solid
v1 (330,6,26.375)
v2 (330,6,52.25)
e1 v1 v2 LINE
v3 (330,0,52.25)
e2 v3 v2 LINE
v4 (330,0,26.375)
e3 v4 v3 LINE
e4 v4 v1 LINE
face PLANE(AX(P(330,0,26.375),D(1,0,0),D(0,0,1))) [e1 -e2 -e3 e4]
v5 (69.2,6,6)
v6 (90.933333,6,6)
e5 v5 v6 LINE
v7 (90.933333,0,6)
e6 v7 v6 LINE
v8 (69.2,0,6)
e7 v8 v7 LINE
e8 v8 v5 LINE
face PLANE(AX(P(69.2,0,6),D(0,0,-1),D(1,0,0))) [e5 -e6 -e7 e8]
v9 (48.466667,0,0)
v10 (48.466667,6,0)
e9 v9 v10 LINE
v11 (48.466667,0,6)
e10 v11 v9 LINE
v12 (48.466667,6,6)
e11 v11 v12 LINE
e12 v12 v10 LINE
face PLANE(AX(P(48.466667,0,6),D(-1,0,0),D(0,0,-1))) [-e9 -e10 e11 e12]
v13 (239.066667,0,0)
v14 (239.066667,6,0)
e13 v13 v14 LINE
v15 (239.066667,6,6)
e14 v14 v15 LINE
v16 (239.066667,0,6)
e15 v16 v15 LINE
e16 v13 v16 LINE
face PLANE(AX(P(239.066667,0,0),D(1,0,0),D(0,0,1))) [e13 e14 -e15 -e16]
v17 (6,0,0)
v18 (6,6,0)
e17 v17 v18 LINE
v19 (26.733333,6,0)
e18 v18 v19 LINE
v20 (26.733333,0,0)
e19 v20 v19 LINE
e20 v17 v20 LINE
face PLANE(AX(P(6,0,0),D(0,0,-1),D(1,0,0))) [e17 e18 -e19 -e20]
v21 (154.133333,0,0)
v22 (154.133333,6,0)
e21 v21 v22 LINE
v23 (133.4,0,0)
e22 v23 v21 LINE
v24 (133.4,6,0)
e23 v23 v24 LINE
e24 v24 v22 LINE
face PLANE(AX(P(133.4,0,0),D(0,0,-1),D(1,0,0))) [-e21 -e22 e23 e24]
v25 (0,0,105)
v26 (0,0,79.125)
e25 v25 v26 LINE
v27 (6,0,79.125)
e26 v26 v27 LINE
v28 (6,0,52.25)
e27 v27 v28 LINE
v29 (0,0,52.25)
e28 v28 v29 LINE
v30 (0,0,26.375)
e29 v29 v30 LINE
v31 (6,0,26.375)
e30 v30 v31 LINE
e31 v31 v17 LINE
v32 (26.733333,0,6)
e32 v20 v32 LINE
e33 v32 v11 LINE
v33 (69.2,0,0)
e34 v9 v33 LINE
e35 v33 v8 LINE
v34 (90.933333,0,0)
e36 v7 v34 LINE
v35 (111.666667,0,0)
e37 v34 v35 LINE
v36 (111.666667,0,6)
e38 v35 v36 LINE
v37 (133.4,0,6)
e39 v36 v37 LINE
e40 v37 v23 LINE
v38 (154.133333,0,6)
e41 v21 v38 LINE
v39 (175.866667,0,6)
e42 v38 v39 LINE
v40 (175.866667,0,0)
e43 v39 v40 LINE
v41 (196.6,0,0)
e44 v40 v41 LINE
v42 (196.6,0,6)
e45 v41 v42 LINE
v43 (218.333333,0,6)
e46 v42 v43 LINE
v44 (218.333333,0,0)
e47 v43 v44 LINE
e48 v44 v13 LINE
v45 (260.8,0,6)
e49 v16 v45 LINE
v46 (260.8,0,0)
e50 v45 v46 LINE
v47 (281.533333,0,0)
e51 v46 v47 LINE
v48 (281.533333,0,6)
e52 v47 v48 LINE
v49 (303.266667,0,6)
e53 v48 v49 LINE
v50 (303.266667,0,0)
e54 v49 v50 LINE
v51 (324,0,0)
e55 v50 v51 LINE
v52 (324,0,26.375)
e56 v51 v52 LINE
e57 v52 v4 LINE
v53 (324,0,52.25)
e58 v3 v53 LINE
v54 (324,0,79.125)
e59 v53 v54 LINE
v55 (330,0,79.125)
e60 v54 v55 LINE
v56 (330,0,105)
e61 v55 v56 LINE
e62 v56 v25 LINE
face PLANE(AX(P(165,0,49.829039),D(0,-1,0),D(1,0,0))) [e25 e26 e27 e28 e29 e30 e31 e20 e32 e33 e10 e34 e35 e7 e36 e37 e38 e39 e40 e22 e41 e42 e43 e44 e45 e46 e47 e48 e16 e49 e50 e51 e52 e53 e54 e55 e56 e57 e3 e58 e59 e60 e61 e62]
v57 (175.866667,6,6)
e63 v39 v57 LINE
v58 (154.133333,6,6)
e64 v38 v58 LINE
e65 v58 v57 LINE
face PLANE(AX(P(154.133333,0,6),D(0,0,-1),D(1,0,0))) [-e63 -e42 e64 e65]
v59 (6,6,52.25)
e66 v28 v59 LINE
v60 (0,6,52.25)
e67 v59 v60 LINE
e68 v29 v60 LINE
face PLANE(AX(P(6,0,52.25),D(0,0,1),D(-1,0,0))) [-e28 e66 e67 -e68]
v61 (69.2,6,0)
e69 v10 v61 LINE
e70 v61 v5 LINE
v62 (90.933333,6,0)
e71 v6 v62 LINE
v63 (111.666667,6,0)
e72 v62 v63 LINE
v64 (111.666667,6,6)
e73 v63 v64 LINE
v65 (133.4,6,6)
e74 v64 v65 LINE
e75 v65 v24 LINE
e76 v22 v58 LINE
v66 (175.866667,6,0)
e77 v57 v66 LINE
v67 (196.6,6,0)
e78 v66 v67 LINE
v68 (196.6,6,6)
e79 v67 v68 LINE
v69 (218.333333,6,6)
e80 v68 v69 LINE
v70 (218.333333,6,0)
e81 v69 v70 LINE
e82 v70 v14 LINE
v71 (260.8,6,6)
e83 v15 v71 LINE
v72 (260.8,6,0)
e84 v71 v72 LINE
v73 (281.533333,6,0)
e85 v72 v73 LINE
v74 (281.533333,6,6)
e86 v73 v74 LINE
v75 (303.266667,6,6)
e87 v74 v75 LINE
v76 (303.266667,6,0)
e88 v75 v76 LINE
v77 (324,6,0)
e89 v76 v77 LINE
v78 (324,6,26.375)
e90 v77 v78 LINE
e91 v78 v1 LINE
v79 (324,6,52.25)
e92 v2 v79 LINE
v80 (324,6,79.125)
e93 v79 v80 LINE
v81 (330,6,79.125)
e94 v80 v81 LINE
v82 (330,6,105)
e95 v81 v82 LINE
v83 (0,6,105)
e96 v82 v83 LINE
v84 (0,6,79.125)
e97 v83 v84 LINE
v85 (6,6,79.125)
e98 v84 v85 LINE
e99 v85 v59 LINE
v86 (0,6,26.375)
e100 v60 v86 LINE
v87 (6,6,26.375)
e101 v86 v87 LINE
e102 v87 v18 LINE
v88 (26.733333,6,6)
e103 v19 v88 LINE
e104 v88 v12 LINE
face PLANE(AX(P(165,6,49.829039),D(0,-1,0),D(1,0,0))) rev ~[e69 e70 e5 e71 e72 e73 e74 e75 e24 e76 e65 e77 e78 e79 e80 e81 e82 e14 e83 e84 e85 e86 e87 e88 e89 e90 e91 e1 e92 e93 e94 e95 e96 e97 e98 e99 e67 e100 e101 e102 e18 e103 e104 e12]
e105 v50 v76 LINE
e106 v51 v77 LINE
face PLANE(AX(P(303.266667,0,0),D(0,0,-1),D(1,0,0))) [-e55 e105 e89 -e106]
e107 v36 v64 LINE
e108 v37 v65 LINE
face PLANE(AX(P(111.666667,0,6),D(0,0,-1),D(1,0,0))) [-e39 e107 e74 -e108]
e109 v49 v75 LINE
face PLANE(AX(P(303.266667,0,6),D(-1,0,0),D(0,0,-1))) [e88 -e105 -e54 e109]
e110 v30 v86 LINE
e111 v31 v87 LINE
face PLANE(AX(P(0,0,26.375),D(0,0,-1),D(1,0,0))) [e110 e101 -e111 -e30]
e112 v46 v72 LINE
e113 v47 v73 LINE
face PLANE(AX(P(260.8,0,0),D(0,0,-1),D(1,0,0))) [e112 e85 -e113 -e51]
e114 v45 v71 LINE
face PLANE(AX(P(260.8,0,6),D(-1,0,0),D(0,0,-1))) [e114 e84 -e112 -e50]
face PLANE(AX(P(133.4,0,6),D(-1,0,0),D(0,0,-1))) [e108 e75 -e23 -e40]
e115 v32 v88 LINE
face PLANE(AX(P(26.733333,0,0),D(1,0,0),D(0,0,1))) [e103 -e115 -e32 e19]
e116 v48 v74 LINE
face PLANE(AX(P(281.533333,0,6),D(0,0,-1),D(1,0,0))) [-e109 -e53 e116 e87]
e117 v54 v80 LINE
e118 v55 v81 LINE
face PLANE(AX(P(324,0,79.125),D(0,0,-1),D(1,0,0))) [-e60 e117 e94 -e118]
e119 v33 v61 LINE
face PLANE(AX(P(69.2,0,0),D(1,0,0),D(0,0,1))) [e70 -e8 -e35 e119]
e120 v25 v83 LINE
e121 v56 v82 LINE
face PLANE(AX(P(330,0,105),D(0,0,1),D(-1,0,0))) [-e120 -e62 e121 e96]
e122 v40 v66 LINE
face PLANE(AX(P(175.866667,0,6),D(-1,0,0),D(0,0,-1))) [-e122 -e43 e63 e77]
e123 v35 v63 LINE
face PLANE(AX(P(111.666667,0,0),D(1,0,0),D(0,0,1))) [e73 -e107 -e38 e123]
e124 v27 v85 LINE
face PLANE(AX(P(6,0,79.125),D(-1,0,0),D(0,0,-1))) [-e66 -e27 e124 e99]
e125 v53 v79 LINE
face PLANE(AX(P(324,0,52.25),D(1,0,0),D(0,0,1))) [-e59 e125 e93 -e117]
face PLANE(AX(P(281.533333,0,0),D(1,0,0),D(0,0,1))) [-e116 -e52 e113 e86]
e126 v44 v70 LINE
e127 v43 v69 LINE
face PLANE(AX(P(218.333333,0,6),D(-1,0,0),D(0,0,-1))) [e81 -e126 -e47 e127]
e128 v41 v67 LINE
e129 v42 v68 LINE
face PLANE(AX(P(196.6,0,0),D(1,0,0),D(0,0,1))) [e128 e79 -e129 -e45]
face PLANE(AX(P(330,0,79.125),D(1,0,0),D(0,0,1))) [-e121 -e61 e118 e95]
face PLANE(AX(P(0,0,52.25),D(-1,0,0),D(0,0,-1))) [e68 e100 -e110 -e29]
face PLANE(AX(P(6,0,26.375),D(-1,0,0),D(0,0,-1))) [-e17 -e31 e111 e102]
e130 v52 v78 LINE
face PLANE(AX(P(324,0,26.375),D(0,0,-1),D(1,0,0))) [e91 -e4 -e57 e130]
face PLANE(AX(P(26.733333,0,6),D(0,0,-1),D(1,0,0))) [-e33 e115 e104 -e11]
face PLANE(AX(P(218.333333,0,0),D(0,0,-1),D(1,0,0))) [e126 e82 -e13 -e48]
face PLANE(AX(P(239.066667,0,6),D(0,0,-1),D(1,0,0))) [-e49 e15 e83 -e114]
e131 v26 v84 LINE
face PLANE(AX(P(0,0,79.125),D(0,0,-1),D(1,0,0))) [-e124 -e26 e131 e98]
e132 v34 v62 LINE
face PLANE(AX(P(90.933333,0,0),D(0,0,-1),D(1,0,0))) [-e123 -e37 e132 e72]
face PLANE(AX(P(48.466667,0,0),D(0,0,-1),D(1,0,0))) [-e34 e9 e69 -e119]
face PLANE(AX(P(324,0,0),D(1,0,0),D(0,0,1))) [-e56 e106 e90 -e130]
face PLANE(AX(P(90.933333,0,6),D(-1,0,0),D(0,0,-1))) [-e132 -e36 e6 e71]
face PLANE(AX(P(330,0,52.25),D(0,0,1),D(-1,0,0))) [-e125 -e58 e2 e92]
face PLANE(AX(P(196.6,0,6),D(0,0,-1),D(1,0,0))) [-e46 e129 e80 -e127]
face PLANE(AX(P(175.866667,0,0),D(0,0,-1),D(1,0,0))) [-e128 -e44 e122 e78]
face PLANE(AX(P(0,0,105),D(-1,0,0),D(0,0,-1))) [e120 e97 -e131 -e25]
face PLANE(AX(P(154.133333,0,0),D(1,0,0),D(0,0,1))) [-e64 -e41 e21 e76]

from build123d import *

# Parameters (mm, degrees)
BOSS_EXTRUDE1_DEPTH = 6


with BuildPart() as part:
    # Sketch1 → Boss-Extrude1 (new body)
    with BuildSketch(Plane.XZ):
        Polygon((48.466666667, 6), (48.466666667, 0), (69.2, 0), (69.2, 6), (90.933333333, 6), (90.933333333, 0), (111.666666667, 0), (111.666666667, 6), (133.4, 6), (133.4, 0), (154.133333333, 0), (154.133333333, 6), (175.866666667, 6), (175.866666667, 0), (196.6, 0), (196.6, 6), (218.333333333, 6), (218.333333333, 0), (239.066666667, 0), (239.066666667, 6), (260.8, 6), (260.8, 0), (281.533333333, 0), (281.533333333, 6), (303.266666667, 6), (303.266666667, 0), (324, 0), (324, 26.375), (330, 26.375), (330, 52.25), (324, 52.25), (324, 79.125), (330, 79.125), (330, 105), (0, 105), (0, 79.125), (6, 79.125), (6, 52.25), (0, 52.25), (0, 26.375), (6, 26.375), (6, 0), (26.733333333, 0), (26.733333333, 6), align=None)
    extrude(amount=-BOSS_EXTRUDE1_DEPTH)


solid = part.part
